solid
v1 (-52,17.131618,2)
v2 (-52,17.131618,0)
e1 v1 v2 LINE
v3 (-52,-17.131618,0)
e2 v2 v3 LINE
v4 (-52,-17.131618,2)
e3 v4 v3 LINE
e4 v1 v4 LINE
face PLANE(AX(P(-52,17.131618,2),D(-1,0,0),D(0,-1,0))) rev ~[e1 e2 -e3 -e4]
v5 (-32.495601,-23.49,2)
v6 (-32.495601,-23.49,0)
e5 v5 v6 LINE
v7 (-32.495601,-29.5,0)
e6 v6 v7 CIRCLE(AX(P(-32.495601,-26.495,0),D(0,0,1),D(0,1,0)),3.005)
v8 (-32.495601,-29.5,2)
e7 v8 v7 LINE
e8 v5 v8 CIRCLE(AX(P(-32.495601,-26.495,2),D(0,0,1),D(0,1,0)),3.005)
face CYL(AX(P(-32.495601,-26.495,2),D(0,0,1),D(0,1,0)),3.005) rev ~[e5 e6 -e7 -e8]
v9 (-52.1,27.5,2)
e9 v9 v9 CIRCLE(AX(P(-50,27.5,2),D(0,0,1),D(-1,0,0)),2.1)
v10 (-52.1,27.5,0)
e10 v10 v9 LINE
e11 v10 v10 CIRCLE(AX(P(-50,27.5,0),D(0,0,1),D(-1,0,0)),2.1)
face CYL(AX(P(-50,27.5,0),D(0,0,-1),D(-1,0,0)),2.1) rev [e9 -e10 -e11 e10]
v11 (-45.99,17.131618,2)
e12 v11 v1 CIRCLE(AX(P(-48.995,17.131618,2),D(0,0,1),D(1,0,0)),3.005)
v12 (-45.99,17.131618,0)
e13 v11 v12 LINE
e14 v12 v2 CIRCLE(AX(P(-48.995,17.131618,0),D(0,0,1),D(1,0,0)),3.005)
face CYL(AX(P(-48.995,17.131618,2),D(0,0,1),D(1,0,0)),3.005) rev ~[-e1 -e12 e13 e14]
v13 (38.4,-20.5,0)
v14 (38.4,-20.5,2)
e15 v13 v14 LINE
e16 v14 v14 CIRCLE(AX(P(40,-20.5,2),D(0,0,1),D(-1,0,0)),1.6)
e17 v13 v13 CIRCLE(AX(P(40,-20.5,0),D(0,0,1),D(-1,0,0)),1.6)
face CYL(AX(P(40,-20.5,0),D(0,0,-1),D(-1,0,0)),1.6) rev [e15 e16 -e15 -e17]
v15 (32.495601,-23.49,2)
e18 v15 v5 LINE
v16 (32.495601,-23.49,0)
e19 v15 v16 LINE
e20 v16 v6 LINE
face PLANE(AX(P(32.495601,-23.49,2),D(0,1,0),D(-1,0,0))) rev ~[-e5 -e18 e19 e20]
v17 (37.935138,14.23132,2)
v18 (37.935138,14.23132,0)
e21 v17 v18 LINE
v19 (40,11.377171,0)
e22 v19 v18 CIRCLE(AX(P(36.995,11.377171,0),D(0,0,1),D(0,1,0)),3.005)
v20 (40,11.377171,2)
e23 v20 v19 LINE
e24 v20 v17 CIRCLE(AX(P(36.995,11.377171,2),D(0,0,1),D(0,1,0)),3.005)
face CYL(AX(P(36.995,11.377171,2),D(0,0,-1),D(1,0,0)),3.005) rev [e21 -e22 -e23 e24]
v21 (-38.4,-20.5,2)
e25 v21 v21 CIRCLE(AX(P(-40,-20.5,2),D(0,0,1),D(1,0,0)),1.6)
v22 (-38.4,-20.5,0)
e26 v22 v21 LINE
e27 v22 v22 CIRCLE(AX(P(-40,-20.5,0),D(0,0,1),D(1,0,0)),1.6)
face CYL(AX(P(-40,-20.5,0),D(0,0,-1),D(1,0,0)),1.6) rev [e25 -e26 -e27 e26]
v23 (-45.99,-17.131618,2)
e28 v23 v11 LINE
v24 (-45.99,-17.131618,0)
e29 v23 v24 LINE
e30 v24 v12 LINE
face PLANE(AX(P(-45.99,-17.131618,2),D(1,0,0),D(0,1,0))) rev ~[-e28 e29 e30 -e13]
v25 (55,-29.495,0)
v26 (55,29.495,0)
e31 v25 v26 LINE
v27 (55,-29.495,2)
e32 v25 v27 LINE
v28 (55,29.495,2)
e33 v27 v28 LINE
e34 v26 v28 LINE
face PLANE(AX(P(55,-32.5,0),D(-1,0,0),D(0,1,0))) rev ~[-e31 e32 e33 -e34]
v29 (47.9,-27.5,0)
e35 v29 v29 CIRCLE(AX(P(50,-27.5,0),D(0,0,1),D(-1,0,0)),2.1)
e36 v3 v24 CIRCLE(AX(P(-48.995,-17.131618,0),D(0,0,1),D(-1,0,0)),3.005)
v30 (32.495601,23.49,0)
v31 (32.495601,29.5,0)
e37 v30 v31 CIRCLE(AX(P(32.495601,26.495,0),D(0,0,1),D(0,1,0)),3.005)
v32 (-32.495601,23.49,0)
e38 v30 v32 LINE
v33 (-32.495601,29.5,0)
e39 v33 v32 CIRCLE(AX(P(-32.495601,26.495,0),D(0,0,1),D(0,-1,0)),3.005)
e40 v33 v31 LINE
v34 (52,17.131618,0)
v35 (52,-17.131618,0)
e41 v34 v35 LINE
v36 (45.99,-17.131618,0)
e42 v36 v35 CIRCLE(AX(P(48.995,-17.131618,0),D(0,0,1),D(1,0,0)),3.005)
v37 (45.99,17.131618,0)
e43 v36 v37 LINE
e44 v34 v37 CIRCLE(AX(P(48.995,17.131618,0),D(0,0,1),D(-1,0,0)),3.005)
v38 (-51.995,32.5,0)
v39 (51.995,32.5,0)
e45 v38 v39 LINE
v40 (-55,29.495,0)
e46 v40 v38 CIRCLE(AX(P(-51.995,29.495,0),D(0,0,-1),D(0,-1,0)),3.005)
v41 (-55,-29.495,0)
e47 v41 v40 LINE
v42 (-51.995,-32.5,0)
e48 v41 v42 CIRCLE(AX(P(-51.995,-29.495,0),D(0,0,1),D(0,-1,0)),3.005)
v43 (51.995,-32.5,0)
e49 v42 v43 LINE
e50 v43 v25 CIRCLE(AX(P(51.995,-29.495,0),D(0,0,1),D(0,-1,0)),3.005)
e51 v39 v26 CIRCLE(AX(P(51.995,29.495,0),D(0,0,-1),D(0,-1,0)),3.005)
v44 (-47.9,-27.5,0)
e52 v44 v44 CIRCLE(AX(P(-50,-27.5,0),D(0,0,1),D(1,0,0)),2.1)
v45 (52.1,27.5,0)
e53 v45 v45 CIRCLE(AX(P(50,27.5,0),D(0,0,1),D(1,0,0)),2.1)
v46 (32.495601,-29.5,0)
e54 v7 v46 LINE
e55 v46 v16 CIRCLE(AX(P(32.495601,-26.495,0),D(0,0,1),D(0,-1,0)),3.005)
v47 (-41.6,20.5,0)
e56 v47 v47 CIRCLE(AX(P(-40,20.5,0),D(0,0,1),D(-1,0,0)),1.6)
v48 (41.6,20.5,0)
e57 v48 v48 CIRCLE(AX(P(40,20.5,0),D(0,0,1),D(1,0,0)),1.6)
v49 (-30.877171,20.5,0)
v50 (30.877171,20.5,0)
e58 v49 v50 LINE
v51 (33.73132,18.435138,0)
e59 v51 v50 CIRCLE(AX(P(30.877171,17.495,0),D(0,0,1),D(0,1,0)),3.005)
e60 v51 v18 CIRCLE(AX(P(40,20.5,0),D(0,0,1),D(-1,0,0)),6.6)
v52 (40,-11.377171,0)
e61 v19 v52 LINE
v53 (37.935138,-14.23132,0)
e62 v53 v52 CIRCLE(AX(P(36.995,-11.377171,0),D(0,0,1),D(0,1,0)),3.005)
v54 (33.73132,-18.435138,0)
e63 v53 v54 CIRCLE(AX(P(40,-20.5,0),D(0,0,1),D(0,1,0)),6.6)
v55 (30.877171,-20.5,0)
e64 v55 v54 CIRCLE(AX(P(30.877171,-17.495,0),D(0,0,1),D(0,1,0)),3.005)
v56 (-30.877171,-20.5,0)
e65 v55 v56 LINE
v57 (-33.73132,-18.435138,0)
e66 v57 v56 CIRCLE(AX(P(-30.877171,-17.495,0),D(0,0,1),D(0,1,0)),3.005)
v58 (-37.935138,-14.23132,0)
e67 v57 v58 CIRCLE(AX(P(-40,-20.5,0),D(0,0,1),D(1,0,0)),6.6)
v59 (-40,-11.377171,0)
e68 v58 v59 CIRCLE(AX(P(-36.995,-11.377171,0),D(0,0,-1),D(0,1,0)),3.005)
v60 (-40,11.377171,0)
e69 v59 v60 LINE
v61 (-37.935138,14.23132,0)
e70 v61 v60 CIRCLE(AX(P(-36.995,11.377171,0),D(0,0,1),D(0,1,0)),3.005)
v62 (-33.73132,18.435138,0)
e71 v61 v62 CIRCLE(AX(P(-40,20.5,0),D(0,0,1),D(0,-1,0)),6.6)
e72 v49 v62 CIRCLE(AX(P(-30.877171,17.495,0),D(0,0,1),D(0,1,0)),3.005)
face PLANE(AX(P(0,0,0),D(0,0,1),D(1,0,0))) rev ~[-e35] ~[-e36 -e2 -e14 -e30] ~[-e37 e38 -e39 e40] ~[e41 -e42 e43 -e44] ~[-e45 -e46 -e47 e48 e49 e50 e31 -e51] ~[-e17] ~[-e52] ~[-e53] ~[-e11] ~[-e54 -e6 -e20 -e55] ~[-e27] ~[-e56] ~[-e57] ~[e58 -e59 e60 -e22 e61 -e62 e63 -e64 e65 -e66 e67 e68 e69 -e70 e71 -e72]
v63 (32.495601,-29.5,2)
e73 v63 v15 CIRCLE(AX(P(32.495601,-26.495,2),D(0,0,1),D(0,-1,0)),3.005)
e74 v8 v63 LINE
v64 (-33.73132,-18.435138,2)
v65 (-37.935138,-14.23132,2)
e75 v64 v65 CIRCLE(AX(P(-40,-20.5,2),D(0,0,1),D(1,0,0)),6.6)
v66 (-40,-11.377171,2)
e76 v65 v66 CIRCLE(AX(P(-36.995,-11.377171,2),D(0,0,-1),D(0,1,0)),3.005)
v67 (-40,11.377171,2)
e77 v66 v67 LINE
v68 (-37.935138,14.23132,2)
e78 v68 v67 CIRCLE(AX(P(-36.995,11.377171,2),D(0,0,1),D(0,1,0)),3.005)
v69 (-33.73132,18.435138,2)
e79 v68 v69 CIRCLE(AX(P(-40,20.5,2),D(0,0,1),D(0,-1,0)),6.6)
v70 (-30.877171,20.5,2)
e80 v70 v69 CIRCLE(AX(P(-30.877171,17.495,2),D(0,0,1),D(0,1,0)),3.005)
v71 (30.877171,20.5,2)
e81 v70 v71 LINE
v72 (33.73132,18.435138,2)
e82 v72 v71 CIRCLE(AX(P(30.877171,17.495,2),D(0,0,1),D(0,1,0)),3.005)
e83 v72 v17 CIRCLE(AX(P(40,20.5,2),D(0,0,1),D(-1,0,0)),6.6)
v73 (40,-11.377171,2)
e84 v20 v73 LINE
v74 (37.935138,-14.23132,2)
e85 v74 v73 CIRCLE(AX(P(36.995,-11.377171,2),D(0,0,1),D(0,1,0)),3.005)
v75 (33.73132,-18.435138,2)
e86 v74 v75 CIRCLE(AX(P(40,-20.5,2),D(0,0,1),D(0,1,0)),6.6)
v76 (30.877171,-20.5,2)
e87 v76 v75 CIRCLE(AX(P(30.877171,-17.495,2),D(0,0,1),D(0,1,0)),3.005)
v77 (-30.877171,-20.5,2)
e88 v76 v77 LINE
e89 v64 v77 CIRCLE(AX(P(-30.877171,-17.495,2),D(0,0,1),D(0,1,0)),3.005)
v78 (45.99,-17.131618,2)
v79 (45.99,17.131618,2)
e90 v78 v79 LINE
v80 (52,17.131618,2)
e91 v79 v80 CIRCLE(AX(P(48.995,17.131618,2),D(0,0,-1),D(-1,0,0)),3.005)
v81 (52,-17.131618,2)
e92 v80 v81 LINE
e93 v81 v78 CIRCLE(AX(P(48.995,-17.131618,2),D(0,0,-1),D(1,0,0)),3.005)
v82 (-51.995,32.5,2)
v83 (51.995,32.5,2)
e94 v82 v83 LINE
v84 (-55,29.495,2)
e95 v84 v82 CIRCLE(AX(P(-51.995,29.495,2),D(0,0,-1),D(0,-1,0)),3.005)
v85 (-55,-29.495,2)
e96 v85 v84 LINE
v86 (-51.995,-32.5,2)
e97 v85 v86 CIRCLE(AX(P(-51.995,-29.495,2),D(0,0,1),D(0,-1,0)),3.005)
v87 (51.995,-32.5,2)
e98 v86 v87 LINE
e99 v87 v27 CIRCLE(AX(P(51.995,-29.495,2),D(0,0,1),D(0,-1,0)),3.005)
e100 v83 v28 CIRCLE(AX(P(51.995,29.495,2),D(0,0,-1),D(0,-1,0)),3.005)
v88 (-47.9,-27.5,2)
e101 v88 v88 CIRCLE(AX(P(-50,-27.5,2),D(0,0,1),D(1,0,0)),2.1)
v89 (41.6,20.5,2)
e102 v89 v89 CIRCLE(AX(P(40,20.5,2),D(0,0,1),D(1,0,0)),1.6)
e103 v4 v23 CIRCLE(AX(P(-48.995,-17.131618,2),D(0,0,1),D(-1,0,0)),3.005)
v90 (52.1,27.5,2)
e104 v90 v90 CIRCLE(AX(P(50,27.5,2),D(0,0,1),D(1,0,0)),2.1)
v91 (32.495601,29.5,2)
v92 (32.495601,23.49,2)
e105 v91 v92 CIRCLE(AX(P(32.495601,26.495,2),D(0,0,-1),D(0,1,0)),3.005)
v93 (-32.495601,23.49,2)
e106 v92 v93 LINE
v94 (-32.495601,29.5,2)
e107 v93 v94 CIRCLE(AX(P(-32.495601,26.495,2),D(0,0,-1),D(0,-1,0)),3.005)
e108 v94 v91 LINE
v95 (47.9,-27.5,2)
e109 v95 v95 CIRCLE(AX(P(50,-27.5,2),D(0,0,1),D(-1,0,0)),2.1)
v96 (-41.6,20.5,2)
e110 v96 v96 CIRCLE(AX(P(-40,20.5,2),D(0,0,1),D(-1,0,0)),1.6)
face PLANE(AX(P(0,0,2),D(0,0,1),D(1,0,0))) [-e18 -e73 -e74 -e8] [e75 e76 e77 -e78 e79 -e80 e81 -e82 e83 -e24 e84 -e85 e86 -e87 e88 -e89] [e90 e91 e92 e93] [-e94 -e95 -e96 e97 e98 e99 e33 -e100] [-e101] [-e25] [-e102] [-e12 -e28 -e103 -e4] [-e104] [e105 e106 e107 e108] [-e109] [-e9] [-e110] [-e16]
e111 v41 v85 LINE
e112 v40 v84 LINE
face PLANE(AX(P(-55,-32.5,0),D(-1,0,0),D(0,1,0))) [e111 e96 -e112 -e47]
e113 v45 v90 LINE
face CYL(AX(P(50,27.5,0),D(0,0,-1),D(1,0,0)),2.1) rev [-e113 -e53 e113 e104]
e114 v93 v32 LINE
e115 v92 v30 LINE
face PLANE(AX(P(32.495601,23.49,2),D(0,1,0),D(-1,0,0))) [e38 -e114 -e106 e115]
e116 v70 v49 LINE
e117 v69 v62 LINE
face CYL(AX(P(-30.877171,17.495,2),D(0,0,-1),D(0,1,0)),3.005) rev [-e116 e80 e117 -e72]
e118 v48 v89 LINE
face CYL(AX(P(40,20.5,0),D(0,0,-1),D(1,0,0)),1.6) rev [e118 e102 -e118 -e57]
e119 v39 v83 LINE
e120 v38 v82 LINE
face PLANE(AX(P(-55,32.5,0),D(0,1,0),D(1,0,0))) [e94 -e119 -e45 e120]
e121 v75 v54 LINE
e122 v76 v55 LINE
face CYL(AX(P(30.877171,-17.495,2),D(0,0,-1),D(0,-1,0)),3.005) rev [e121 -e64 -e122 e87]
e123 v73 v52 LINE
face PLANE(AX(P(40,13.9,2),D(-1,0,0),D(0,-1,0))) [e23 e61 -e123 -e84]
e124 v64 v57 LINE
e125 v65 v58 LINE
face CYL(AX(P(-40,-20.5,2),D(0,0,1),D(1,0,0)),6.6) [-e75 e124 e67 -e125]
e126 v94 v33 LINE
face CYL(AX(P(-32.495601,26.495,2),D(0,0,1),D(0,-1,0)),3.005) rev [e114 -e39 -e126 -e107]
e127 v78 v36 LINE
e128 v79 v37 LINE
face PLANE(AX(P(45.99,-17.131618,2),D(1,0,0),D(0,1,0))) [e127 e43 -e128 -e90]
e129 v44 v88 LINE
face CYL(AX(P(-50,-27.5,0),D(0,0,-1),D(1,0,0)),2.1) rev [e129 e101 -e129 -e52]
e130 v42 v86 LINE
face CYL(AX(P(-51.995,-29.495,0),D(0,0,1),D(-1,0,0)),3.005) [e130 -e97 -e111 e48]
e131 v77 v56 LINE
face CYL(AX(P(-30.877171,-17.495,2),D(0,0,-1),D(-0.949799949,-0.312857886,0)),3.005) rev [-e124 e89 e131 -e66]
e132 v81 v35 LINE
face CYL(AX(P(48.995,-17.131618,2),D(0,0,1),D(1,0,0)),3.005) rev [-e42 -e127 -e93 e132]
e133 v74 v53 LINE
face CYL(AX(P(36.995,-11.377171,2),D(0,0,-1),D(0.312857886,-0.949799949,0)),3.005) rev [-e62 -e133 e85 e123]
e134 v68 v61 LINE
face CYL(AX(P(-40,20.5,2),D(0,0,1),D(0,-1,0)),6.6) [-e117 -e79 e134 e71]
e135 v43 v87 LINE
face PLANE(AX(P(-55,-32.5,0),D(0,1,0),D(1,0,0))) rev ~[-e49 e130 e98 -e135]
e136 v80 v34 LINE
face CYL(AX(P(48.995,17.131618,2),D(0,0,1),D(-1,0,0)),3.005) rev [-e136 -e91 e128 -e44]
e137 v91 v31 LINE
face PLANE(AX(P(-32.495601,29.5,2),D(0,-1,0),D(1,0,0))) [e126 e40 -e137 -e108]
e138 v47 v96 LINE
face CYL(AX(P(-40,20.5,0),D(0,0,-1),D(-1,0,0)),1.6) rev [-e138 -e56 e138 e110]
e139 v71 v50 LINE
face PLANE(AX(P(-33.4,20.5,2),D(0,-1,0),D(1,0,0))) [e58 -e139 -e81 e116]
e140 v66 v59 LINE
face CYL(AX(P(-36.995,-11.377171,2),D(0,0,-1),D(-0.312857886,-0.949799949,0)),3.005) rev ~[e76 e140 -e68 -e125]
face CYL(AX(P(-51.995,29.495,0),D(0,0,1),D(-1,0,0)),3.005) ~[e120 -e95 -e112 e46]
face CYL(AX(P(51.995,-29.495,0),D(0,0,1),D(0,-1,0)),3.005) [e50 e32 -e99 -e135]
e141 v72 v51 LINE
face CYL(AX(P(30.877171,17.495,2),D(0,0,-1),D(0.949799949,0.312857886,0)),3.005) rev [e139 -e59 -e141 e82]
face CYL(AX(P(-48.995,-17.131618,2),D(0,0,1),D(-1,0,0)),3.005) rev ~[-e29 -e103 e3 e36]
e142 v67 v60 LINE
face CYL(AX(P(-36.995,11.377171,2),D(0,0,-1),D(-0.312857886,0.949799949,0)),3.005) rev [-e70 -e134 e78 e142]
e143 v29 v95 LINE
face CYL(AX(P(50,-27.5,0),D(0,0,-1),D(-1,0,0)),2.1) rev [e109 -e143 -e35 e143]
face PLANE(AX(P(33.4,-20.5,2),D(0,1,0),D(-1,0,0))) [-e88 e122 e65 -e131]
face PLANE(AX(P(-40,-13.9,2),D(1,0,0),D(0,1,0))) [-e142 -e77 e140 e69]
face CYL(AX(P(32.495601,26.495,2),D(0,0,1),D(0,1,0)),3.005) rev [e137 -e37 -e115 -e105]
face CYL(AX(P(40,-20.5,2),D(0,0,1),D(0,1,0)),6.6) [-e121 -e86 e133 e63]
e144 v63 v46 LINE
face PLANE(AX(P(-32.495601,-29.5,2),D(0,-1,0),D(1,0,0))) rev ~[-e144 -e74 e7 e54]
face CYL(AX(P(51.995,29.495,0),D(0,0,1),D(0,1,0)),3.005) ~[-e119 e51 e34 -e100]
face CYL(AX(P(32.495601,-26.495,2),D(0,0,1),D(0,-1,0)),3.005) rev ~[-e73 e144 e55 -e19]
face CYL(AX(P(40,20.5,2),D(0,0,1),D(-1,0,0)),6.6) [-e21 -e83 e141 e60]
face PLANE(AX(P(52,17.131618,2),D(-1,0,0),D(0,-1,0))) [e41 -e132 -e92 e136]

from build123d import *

# Parameters (mm, degrees)
SKETCH_1_W          = 110
SKETCH_1_H          = 65
SKETCH_1_R          = 1.6
SKETCH_1_R_2        = 2.1
EXTRUDE_1_DEPTH     = 2
CUT_EXTRUDE_1_DEPTH = 64.915960448
FILLET_1_R          = 3.005


with BuildPart() as part:
    # ｽｹｯﾁ1 → ﾎﾞｽ - 押し出し1 (new body)
    with BuildSketch(Plane.XY):
        Rectangle(SKETCH_1_W, SKETCH_1_H)
        with Locations((40, 20.5)):
            Circle(SKETCH_1_R, mode=Mode.SUBTRACT)
        with Locations(Location((-40, 20.5, 0), (0, 0, 180))):
            Circle(SKETCH_1_R, mode=Mode.SUBTRACT)
        with Locations((-40, -20.5)):
            Circle(SKETCH_1_R, mode=Mode.SUBTRACT)
        with Locations(Location((40, -20.5, 0), (0, 0, 180))):
            Circle(SKETCH_1_R, mode=Mode.SUBTRACT)
        with Locations((50, 27.5)):
            Circle(SKETCH_1_R_2, mode=Mode.SUBTRACT)
        with Locations(Location((50, -27.5, 0), (0, 0, 180))):
            Circle(SKETCH_1_R_2, mode=Mode.SUBTRACT)
        with Locations(Location((-50, 27.5, 0), (0, 0, 180))):
            Circle(SKETCH_1_R_2, mode=Mode.SUBTRACT)
        with Locations((-50, -27.5)):
            Circle(SKETCH_1_R_2, mode=Mode.SUBTRACT)
    extrude(amount=EXTRUDE_1_DEPTH)

    # ｽｹｯﾁ3 → ｶｯﾄ - 押し出し1 (cut, through all)
    with BuildSketch(Plane.XY.offset(2)):
        with BuildLine():
            Line((-40, -13.9), (-40, 13.9))
            ThreePointArc((-40, 13.9), (-35.333095244, 15.833095244), (-33.4, 20.5))
            Line((-33.4, 20.5), (33.4, 20.5))
            ThreePointArc((33.4, 20.5), (35.333095244, 15.833095244), (40, 13.9))
            Line((40, 13.9), (40, -13.9))
            ThreePointArc((40, -13.9), (35.333095244, -15.833095244), (33.4, -20.5))
            Line((33.4, -20.5), (-33.4, -20.5))
            ThreePointArc((-33.4, -20.5), (-35.333095244, -15.833095244), (-40, -13.9))
        make_face()
        with BuildLine():
            Line((-32.49560129, 29.5), (32.49560129, 29.5))
            ThreePointArc((32.49560129, 29.5), (35.50060129, 26.495), (32.49560129, 23.49))
            Line((32.49560129, 23.49), (-32.49560129, 23.49))
            ThreePointArc((-32.49560129, 23.49), (-35.50060129, 26.495), (-32.49560129, 29.5))
        make_face()
        with BuildLine():
            Line((-32.49560129, -29.5), (32.49560129, -29.5))
            ThreePointArc((32.49560129, -29.5), (35.50060129, -26.495), (32.49560129, -23.49))
            Line((32.49560129, -23.49), (-32.49560129, -23.49))
            ThreePointArc((-32.49560129, -23.49), (-35.50060129, -26.495), (-32.49560129, -29.5))
        make_face()
        with BuildLine():
            Line((52, 17.131617599), (52, -17.131617599))
            ThreePointArc((52, -17.131617599), (48.995, -20.136617599), (45.99, -17.131617599))
            Line((45.99, -17.131617599), (45.99, 17.131617599))
            ThreePointArc((45.99, 17.131617599), (48.995, 20.136617599), (52, 17.131617599))
        make_face()
        with BuildLine():
            Line((-52, 17.131617599), (-52, -17.131617599))
            ThreePointArc((-52, -17.131617599), (-48.995, -20.136617599), (-45.99, -17.131617599))
            Line((-45.99, -17.131617599), (-45.99, 17.131617599))
            ThreePointArc((-45.99, 17.131617599), (-48.995, 20.136617599), (-52, 17.131617599))
        make_face()
    extrude(amount=-CUT_EXTRUDE_1_DEPTH, mode=Mode.SUBTRACT)

    # ﾌｨﾚｯﾄ1
    fillet_1_edges = [part.edges().sort_by_distance(p)[0] for p in [
        (55, -32.5, 1),
        (-55, -32.5, 1),
        (-55, 32.5, 1),
        (55, 32.5, 1),
        (-33.4, -20.5, 1),
        (-40, -13.9, 1),
        (-40, 13.9, 1),
        (-33.4, 20.5, 1),
        (33.4, 20.5, 1),
        (40, 13.9, 1),
        (40, -13.9, 1),
        (33.4, -20.5, 1),
    ]]
    fillet(fillet_1_edges, radius=FILLET_1_R)


solid = part.part
